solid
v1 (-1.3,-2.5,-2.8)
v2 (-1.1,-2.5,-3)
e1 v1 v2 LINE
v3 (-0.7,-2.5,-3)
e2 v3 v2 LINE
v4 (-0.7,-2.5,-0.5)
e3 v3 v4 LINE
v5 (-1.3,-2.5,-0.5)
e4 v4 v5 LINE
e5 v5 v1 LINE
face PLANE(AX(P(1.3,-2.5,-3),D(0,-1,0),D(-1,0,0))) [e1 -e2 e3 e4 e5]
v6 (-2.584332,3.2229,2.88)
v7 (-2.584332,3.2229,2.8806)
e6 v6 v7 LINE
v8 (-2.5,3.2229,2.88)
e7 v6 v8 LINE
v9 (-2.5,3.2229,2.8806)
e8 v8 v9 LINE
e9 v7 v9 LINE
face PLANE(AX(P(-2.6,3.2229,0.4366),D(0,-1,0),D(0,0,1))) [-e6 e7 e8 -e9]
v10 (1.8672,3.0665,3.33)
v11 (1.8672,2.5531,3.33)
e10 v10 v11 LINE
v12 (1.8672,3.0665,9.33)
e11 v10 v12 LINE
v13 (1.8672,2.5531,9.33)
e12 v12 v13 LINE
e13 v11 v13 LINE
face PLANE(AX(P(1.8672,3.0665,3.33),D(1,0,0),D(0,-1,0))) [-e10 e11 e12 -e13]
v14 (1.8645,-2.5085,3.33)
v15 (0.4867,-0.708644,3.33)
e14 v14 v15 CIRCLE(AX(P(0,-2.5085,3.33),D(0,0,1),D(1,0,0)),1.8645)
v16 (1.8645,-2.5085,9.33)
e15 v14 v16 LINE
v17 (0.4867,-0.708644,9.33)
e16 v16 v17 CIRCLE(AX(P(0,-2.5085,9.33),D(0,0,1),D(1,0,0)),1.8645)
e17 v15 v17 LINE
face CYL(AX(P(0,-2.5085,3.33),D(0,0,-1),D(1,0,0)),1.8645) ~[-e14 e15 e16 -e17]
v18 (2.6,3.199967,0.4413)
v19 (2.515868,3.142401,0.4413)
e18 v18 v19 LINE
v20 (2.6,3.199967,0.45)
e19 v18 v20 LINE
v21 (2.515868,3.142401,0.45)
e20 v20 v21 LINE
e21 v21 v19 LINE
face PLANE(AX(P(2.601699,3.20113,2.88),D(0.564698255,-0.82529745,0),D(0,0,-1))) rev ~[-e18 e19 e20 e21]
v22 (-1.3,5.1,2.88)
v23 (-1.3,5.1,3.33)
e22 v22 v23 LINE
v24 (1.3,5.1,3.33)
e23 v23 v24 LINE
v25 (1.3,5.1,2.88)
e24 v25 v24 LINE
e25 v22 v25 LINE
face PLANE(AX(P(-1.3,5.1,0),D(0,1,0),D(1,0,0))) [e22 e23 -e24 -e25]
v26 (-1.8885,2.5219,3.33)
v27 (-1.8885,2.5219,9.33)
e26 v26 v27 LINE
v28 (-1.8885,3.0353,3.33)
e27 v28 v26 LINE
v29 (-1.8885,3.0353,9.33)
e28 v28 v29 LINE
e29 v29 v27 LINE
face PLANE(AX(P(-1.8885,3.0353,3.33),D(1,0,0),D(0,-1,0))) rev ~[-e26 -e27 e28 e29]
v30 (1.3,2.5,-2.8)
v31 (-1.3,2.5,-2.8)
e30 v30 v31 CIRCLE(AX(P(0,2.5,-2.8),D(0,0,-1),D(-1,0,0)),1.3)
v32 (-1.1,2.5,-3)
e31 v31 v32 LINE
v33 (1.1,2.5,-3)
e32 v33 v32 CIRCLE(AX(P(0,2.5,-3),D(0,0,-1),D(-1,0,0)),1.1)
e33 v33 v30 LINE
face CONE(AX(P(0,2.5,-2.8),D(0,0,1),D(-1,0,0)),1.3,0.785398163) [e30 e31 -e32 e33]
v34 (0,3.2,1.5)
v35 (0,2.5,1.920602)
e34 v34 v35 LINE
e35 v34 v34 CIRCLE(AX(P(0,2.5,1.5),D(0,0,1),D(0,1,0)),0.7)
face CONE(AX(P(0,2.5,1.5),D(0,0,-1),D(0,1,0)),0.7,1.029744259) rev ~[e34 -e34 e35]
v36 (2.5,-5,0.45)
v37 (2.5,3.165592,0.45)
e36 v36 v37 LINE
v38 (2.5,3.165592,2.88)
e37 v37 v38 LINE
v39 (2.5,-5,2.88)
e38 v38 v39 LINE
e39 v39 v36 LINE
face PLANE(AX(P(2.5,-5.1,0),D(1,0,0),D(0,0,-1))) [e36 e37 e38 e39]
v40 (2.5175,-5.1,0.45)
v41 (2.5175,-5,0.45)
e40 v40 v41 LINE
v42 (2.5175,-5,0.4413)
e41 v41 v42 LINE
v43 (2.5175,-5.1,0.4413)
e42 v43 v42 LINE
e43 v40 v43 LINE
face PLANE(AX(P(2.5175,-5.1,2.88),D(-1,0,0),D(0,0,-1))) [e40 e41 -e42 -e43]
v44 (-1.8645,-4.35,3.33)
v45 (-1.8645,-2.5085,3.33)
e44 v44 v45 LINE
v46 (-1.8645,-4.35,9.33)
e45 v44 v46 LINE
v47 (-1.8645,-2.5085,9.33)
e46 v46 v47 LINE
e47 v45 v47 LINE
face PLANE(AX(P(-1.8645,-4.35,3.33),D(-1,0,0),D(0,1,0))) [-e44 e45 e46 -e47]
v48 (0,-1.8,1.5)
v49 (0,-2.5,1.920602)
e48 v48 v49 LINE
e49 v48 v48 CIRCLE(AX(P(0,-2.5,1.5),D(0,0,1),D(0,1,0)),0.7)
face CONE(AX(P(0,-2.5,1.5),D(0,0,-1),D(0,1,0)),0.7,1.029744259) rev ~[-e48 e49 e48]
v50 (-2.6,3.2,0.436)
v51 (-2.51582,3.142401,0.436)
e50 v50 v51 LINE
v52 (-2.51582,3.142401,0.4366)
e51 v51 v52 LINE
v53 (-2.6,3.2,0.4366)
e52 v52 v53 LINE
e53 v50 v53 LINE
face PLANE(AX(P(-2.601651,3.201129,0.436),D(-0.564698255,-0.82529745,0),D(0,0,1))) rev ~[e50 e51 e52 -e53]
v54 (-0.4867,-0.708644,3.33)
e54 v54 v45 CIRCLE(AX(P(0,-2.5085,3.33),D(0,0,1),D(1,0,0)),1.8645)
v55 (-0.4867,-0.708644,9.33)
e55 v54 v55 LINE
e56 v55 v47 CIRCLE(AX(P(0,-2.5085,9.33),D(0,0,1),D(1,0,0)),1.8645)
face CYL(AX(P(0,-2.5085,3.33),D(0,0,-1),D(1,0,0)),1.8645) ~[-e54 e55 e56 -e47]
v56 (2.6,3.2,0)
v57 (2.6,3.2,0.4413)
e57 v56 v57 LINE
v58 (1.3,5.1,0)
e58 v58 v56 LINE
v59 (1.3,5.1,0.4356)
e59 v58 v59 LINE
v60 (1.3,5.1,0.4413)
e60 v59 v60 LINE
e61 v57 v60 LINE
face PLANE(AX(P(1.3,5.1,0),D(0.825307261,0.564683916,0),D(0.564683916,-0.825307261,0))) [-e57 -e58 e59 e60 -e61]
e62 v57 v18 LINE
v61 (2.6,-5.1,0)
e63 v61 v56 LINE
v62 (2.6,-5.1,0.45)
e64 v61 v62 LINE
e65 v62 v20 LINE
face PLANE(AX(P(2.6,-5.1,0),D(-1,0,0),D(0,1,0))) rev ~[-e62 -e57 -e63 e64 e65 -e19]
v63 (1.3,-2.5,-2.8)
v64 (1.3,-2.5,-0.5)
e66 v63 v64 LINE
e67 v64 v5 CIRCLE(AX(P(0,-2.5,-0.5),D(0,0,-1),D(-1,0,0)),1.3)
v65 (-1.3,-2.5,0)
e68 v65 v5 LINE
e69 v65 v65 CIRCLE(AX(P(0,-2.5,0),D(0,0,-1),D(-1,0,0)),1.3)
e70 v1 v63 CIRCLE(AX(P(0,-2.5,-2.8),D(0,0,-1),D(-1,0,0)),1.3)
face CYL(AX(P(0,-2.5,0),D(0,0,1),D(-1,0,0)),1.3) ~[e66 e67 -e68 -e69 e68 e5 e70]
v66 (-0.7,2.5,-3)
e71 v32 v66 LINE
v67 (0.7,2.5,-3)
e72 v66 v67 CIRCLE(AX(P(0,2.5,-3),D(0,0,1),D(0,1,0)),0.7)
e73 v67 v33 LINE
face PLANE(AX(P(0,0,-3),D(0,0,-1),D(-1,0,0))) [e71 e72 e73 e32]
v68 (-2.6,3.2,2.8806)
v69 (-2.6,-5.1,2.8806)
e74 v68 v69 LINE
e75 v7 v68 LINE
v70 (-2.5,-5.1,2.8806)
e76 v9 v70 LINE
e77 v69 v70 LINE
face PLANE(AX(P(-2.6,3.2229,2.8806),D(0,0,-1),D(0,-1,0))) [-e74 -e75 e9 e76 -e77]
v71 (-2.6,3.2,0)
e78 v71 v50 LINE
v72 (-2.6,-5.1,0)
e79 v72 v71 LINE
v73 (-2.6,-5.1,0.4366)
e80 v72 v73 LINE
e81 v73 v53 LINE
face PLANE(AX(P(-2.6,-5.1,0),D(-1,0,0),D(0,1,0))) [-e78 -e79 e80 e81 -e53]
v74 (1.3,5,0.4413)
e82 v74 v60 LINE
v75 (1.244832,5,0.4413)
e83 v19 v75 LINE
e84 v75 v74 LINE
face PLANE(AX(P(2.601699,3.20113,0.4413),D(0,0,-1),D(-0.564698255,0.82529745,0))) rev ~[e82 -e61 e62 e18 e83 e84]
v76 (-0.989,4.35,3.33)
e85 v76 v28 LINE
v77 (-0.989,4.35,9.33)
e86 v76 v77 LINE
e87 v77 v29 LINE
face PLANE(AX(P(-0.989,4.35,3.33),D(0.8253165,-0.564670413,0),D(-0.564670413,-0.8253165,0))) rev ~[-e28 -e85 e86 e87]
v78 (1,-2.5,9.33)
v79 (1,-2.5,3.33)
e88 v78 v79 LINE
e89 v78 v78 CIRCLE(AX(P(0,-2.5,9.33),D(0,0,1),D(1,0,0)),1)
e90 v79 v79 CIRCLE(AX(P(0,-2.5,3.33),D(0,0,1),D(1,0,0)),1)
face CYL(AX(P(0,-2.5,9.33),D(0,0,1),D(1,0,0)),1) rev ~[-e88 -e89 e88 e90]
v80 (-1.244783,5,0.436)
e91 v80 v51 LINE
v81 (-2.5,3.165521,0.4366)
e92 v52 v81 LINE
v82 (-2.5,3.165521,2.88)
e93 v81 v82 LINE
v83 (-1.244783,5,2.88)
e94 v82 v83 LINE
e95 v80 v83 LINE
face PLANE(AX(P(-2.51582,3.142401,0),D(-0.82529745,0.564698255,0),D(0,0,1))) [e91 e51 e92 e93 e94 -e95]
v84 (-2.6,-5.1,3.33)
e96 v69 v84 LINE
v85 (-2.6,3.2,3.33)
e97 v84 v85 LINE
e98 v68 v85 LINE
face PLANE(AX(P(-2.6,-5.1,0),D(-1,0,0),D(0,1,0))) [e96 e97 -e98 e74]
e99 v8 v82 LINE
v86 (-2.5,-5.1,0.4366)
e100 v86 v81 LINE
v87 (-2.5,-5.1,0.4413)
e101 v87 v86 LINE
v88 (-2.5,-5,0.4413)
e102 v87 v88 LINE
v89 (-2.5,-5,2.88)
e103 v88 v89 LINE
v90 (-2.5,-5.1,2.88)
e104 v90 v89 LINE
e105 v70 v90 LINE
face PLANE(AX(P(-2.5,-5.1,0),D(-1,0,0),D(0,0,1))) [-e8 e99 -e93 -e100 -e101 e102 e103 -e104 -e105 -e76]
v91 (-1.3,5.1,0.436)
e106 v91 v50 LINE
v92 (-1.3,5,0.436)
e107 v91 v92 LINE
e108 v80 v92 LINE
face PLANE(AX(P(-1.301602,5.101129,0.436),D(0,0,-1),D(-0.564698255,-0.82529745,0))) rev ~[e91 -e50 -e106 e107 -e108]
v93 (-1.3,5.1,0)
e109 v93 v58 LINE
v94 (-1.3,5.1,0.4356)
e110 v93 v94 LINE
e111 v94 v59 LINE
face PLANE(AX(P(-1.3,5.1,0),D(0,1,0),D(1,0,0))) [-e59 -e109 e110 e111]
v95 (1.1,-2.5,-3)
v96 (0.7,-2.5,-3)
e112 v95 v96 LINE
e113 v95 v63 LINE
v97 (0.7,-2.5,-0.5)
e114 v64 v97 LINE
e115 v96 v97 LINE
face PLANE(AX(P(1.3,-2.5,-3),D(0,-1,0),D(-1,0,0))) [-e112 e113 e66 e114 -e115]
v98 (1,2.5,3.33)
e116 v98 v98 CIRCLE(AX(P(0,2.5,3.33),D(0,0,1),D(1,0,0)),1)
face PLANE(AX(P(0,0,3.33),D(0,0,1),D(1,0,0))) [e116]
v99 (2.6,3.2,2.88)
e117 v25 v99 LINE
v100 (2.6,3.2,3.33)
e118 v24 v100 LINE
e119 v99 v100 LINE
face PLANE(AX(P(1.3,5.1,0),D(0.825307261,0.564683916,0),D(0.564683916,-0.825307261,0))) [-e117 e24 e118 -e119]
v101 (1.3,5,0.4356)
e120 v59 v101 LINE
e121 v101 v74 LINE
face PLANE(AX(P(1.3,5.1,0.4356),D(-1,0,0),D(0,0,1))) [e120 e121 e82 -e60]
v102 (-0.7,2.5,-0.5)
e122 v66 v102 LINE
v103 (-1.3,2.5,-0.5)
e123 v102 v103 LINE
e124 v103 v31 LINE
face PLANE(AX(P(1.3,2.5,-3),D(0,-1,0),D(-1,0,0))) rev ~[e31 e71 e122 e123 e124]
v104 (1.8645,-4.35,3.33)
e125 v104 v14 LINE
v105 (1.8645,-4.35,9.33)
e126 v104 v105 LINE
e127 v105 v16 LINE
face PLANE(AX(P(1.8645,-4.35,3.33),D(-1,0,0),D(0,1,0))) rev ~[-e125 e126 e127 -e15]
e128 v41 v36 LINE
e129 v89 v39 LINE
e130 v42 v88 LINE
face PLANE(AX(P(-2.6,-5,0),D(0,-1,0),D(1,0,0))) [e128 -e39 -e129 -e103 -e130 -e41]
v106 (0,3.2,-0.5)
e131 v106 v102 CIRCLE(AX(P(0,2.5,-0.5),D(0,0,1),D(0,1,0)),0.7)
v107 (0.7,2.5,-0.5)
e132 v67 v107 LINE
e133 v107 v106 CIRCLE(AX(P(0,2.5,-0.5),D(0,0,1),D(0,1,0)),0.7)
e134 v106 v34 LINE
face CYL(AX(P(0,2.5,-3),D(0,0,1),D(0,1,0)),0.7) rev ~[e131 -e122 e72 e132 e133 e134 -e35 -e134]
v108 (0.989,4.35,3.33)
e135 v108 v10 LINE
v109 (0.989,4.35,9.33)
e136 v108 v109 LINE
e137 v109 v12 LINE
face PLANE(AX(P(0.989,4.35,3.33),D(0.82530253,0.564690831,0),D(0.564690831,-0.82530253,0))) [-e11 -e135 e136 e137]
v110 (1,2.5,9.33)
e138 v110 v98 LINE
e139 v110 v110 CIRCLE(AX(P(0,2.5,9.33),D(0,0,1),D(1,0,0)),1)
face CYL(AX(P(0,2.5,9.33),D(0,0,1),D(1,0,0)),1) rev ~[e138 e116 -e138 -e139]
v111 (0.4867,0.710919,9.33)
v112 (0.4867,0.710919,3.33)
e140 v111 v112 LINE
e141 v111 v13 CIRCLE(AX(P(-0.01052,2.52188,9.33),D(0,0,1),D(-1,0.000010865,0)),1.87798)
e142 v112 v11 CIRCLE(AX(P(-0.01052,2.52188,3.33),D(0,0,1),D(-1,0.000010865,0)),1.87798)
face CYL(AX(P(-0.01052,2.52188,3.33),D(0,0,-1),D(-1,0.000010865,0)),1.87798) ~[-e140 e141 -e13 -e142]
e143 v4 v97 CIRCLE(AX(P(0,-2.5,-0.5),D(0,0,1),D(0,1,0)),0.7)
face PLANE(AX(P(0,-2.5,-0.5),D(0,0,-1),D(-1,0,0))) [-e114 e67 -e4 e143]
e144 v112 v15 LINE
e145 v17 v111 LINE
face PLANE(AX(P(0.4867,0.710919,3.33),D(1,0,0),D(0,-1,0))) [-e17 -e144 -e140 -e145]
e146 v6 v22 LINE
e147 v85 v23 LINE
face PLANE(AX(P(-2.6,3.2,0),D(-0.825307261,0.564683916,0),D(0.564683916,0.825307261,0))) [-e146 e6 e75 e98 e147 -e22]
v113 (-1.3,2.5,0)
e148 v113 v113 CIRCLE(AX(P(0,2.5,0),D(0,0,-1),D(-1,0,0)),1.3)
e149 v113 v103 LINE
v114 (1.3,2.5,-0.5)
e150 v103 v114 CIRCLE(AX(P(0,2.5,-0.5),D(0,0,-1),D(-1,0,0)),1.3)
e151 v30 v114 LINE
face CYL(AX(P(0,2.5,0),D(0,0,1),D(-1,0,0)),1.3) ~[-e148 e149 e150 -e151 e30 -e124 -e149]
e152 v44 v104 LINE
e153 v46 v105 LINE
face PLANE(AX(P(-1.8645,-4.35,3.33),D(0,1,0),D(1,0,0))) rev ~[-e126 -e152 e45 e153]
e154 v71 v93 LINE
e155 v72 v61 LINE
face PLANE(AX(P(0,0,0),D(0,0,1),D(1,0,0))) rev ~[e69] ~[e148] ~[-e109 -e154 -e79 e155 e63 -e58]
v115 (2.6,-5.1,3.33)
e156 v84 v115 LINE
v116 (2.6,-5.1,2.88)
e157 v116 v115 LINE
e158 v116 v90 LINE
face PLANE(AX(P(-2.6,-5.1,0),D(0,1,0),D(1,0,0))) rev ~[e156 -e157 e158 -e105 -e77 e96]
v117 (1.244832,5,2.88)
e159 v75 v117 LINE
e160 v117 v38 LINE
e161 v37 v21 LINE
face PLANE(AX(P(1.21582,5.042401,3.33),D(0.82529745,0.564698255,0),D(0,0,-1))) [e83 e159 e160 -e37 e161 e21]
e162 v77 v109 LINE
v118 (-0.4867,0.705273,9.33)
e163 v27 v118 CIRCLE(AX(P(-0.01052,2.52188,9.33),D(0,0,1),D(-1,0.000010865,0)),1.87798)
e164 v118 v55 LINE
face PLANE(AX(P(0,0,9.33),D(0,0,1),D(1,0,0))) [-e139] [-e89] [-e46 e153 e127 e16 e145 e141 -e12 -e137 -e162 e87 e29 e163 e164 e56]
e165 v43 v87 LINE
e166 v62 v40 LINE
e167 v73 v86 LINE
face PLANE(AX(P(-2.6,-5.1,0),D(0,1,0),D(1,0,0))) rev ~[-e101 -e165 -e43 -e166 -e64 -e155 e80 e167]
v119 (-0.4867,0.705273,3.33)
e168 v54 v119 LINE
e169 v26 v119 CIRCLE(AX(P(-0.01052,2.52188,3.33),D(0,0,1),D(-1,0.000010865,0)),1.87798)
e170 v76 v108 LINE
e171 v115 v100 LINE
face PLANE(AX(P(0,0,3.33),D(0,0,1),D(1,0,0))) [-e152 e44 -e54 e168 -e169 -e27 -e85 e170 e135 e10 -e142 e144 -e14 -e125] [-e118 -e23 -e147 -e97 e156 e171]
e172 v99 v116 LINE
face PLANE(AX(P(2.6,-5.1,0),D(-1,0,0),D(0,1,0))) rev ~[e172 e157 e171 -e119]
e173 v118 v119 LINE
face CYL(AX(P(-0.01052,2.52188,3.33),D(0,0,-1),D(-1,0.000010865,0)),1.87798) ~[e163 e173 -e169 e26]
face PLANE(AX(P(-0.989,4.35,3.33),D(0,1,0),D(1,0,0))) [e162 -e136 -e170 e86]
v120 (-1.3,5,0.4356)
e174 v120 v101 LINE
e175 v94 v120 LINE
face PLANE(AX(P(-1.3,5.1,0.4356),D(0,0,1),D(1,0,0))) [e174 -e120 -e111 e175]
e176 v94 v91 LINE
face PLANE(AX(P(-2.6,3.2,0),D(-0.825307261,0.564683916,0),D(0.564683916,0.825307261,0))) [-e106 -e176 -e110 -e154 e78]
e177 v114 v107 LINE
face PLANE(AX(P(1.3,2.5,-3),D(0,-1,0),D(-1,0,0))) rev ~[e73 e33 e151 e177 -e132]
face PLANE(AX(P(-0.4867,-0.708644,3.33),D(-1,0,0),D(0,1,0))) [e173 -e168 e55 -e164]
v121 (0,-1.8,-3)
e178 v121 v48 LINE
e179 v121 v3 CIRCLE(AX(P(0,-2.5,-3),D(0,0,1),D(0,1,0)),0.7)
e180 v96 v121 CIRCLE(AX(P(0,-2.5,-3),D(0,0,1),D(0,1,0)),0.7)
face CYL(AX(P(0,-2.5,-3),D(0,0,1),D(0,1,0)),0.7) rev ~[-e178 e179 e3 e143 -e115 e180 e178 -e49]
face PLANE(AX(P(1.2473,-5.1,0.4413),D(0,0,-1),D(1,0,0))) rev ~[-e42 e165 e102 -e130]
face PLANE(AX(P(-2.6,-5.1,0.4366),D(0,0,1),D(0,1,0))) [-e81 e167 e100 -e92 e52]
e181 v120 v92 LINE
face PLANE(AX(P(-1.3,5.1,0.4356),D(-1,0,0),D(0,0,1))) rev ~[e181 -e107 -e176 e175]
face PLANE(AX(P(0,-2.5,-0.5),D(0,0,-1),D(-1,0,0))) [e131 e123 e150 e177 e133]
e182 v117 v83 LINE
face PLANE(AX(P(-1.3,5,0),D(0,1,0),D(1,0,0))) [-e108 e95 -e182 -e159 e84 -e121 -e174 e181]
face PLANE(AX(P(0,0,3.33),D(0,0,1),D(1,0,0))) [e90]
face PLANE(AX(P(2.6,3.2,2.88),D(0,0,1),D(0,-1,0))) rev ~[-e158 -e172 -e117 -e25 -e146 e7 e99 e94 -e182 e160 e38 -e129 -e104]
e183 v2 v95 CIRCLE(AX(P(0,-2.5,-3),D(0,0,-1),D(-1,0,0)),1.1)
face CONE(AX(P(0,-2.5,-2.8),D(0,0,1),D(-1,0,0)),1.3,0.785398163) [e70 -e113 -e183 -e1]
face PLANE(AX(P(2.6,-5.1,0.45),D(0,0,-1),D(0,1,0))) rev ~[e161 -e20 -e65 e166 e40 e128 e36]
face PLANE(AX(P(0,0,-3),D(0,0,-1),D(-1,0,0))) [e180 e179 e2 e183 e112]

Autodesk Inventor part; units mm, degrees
ref_plane "YZ Plane" through (0, 0, 0) normal (1, 0, 0) x (0, 1, 0)
ref_plane "XZ Plane" through (0, 0, 0) normal (0, 1, 0) x (-1, 0, 0)
ref_plane "XY Plane" through (0, 0, 0) normal (0, 0, 1) x (1, 0, 0)
sketch "Skizze1" plane through (0, 0, 0) normal (0, 0, 1) x (1, 0, 0)
  line L0 (-2.6, -5.1) -> (2.6, -5.1)
  line L1 (2.6, -5.1) -> (2.6, 3.2)
  line L2 (-2.6, -5.1) -> (-2.6, 3.2)
  line L3 (-1.3, 5.1) -> (1.3, 5.1)
  line L4 (0, -5.1) -> (0, 5.1) construction
  line L5 (-2.6, 3.2) -> (-1.3, 5.1)
  line L6 (1.3, 5.1) -> (2.6, 3.2)
  point P0 (0, 0)
  point P1 (0, 0)
  dimension "d0" = 5.2
  dimension "d1" = 8.3
  dimension "d2" = 2.6
  dimension "d3" = 10.2
extrude "Extrusion1" add sketch "Skizze1" along normal blind 3.33
sketch "Skizze3" plane through (0, 0, 3.33) normal (0, 0, 1) x (1, 0, 0)
  line L0 (0, -0.674) -> (0, 0.674) construction
  line L1 (0, 0) -> (0, 4.35) construction
  line L2 (-0.989, 4.35) -> (0.989, 4.35)
  line L3 (0.989, 4.35) -> (1.8672, 3.0665)
  line L4 (-0.989, 4.35) -> (-1.8885, 3.0353)
  line L5 (-1.3, 5.1) -> (-2.6, 3.2) projected
  line L6 (2.6, 3.2) -> (1.3, 5.1) projected
  circle A0 centre (0, 2.5) radius 0.5 construction
  circle A1 centre (0, 2.5) radius 0.5 construction
  line L7 (-1.8885, 3.0353) -> (-1.8885, 2.5219)
  line L8 (1.8672, 3.0665) -> (1.8672, 2.5531)
  arc A2 (-1.8885, 2.5219) -> (1.8672, 2.5531) centre (-0.0105, 2.5219) ccw
  dimension "d11" = 1.348
  dimension "d12" = 4.35
  dimension "d13" = 1.978
extrude "Extrusion3" add sketch "Skizze3" along normal blind 6
sketch "Skizze4" plane through (0, 0, 3.33) normal (0, 0, 1) x (1, 0, 0)
  line L0 (-2.6, 3.2) -> (-2.6, -5.1) construction
  line L1 (-2.6, -4.6629) -> (-2.6, -0.9339) construction
  line L2 (-1.8645, -4.35) -> (1.8645, -4.35)
  arc A0 (-1.8885, 2.5219) -> (1.8672, 2.5531) centre (-0.0105, 2.5219) ccw projected
  line L3 (-1.8645, -4.35) -> (-1.8645, -2.5085)
  line L4 (1.8645, -4.35) -> (1.8645, -2.5085)
  arc A1 (1.8645, -2.5085) -> (-1.8645, -2.5085) centre (0, -2.5085) ccw
  line L5 (-0.4867, 0.8046) -> (0.4867, 0.8046)
  line L6 (0.4867, 0.8046) -> (0.4867, -0.8046)
  line L7 (0.4867, -0.8046) -> (-0.4867, -0.8046)
  line L8 (-0.4867, -0.8046) -> (-0.4867, 0.8046)
  line L9 (-0.4867, 0.8046) -> (0.4867, -0.8046) construction
  point P0 (0, 0)
  point P1 (0, 0)
  dimension "d18" = 3.729
extrude "Extrusion4" add sketch "Skizze4" along normal blind 6
sketch "Skizze5" plane through (0, 0, 9.33) normal (0, 0, 1) x (1, 0, 0)
  line L0 (0, -2.5) -> (0, 2.5) construction
  circle A0 centre (0, 2.5) radius 1
  circle A1 centre (0, -2.5) radius 1
  point P0 (0, 0)
  point P1 (0, 0)
  point P2 (0, 0)
  dimension "d22" = 5
  dimension "d23" = 2
  dimension "d24" = 2
extrude "Extrusion5" cut sketch "Skizze5" against normal blind 6
sketch "Skizze6" plane through (2.6, -5.1, 0) normal (1, 0, 0) x (0, 0, -1)
  line L0 (-3.33, 4.3914) -> (-9.33, 4.3914) construction
  line L1 (-3.33, 4.3914) -> (-2.88, 4.3914) construction
  line L2 (0, 5.1) -> (-0.45, 5.1) construction
  line L3 (0, 0) -> (-3.33, 0) projected
  line L4 (0, 8.3) -> (-3.33, 8.3) projected
  line L5 (-2.88, 0) -> (-0.45, 0)
  line L6 (-0.45, 0) -> (-0.45, 8.3)
  line L7 (-0.45, 8.3) -> (-2.88, 8.3)
  line L8 (-2.88, 8.3) -> (-2.88, 0)
  dimension "d31" = 0.45
  dimension "d32" = 0.45
extrude "Extrusion6" cut sketch "Skizze6" against normal blind 0.1
sketch "Skizze7" plane through (1.3, 5.1, 3.33) normal (0.8253, 0.5647, 0) x (0, 0, -1)
  line L0 (0.45, -2.3022) -> (0, -2.3022) projected
  line L1 (3.33, 0) -> (0, 0) projected
  line L2 (0.45, -2.3022) -> (2.8887, -2.3022)
  line L3 (2.8887, -2.3022) -> (2.8887, 0)
  line L4 (2.8887, 0) -> (0.45, 0)
  line L5 (0.45, 0) -> (0.45, -2.3022)
  point P0 (3.33, -3.475)
extrude "Extrusion7" cut sketch "Skizze7" against normal blind 0.1
sketch "Skizze8" plane through (-1.3, 5.1, 0) normal (0, 1, 0) x (1, 0, 0)
  line L0 (2.6, -2.88) -> (2.6, -3.33) projected
  line L1 (0, 0) -> (0, -3.33) projected
  line L2 (2.6, -2.88) -> (0, -2.88)
  line L3 (0, -2.88) -> (0, -0.4356)
  line L4 (0, -0.4356) -> (2.6, -0.4356)
  line L5 (2.6, -0.4356) -> (2.6, -2.88)
  point P0 (1.3, 0)
extrude "Extrusion8" cut sketch "Skizze8" against normal blind 0.1
sketch "Skizze9" plane through (-2.6, 3.2, 0) normal (-0.8253, 0.5647, 0) x (0, 0, 1)
  line L0 (2.88, 3.7704) -> (2.88, 2.3022) projected
  line L1 (0, 0) -> (3.33, 0) projected
  line L2 (2.88, 2.3022) -> (0.436, 2.3022)
  line L3 (0.436, 2.3022) -> (0.436, 0)
  line L4 (0.436, 0) -> (2.88, 0)
  line L5 (2.88, 0) -> (2.88, 2.3022)
  point P0 (0, -1.1728)
  dimension "d39" = 2.444
extrude "Extrusion9" cut sketch "Skizze9" against normal blind 0.1
sketch "Skizze10" plane through (-2.6, -5.1, 0) normal (-1, 0, 0) x (0, 0, 1)
  line L0 (0.4366, 8.3229) -> (2.8806, 8.3229)
  line L1 (2.8806, 8.3229) -> (2.8806, 0)
  line L2 (2.8806, 0) -> (0.4366, 0)
  line L3 (0.4366, 0) -> (0.4366, 8.3229)
  point P0 (0, 5.1)
  dimension "d42" = 2.444
extrude "Extrusion10" cut sketch "Skizze10" against normal blind 0.1
sketch "Skizze11" plane through (-2.6, -5.1, 0) normal (0, -1, 0) x (1, 0, 0)
  line L0 (1.3, 2.88) -> (0.0157, 2.88) projected
  line L1 (3.8473, 0.4413) -> (5.1175, 0.4413) projected
  line L2 (0.0989, 2.88) -> (5.1175, 2.88)
  line L3 (5.1175, 2.88) -> (5.1175, 0.4413)
  line L4 (5.1175, 0.4413) -> (0.0989, 0.4413)
  line L5 (0.0989, 0.4413) -> (0.0989, 2.88)
  point P0 (2.6, 0)
extrude "Extrusion11" cut sketch "Skizze11" against normal blind 0.1
sketch "Skizze12" plane through (0, 0, 0) normal (0, 0, -1) x (-1, 0, 0)
  circle A0 centre (0, -2.5) radius 1 construction
  circle A1 centre (0, -2.5) radius 1 construction
  circle A2 centre (0, 2.5) radius 1 construction
  circle A3 centre (0, 2.5) radius 1 construction
  circle A4 centre (0, -2.5) radius 1.3
  circle A5 centre (0, 2.5) radius 1.3
  point P0 (0, 0)
  dimension "d47" = 2.6
extrude "Extrusion12" add sketch "Skizze12" along normal blind 3
chamfer "Fase1" distance 0.2 angle 45 2 edges at (1.3, -2.5, -3) (1.3, 2.5, -3)
sketch "Skizze13" plane through (0, -2.5, -3) normal (0, 0, -1) x (-1, 0, 0)
  circle A0 centre (0, 0) radius 1.1 projected
  circle A1 centre (0, 5) radius 1.1 projected
  point P0 (0, 2.5)
hole "Bohrung1" at (0, 2.5, -3) at (0, -2.5, -3) direction (0, 0, 1) diameter 1.4 depth 4.5 tip angle 118
sketch "Skizze14" plane through (0, -2.5, -3) normal (0, 0, -1) x (-1, 0, 0)
  circle A0 centre (0, 0) radius 1.3 construction
  circle A1 centre (0, 5) radius 1.3 construction
  line L0 (2.6, -2.6) -> (-2.6, -2.6) construction
  line L1 (2.6, 5.7) -> (2.6, -2.6) construction
  line L2 (1.3, 7.6) -> (2.6, 5.7) construction
  line L3 (-1.3, 7.6) -> (1.3, 7.6) construction
  line L4 (-2.6, 5.7) -> (-1.3, 7.6) construction
  line L5 (-2.6, -2.6) -> (-2.6, 5.7) construction
  line L6 (-1.3, 0) -> (1.3, 0)
  line L7 (-1.3, 5) -> (1.3, 5)
  circle A2 centre (0, 0) radius 1.3 projected
  arc A3 (-1.3, 0) -> (1.3, 0) centre (0, 0) ccw
  circle A4 centre (0, 5) radius 0.7 projected
  arc A5 (1.3, 5) -> (-1.3, 5) centre (0, 5) ccw
  point P0 (0, 2.5)
extrude "Extrusion13" cut sketch "Skizze14" against normal blind 2.5 contours L6 A2 | A4 L7 A5 | L7 A4 picked at (-0.4207, -0.1037) picked at (0.2266, 5.0558)
properties part number "stecker2"
